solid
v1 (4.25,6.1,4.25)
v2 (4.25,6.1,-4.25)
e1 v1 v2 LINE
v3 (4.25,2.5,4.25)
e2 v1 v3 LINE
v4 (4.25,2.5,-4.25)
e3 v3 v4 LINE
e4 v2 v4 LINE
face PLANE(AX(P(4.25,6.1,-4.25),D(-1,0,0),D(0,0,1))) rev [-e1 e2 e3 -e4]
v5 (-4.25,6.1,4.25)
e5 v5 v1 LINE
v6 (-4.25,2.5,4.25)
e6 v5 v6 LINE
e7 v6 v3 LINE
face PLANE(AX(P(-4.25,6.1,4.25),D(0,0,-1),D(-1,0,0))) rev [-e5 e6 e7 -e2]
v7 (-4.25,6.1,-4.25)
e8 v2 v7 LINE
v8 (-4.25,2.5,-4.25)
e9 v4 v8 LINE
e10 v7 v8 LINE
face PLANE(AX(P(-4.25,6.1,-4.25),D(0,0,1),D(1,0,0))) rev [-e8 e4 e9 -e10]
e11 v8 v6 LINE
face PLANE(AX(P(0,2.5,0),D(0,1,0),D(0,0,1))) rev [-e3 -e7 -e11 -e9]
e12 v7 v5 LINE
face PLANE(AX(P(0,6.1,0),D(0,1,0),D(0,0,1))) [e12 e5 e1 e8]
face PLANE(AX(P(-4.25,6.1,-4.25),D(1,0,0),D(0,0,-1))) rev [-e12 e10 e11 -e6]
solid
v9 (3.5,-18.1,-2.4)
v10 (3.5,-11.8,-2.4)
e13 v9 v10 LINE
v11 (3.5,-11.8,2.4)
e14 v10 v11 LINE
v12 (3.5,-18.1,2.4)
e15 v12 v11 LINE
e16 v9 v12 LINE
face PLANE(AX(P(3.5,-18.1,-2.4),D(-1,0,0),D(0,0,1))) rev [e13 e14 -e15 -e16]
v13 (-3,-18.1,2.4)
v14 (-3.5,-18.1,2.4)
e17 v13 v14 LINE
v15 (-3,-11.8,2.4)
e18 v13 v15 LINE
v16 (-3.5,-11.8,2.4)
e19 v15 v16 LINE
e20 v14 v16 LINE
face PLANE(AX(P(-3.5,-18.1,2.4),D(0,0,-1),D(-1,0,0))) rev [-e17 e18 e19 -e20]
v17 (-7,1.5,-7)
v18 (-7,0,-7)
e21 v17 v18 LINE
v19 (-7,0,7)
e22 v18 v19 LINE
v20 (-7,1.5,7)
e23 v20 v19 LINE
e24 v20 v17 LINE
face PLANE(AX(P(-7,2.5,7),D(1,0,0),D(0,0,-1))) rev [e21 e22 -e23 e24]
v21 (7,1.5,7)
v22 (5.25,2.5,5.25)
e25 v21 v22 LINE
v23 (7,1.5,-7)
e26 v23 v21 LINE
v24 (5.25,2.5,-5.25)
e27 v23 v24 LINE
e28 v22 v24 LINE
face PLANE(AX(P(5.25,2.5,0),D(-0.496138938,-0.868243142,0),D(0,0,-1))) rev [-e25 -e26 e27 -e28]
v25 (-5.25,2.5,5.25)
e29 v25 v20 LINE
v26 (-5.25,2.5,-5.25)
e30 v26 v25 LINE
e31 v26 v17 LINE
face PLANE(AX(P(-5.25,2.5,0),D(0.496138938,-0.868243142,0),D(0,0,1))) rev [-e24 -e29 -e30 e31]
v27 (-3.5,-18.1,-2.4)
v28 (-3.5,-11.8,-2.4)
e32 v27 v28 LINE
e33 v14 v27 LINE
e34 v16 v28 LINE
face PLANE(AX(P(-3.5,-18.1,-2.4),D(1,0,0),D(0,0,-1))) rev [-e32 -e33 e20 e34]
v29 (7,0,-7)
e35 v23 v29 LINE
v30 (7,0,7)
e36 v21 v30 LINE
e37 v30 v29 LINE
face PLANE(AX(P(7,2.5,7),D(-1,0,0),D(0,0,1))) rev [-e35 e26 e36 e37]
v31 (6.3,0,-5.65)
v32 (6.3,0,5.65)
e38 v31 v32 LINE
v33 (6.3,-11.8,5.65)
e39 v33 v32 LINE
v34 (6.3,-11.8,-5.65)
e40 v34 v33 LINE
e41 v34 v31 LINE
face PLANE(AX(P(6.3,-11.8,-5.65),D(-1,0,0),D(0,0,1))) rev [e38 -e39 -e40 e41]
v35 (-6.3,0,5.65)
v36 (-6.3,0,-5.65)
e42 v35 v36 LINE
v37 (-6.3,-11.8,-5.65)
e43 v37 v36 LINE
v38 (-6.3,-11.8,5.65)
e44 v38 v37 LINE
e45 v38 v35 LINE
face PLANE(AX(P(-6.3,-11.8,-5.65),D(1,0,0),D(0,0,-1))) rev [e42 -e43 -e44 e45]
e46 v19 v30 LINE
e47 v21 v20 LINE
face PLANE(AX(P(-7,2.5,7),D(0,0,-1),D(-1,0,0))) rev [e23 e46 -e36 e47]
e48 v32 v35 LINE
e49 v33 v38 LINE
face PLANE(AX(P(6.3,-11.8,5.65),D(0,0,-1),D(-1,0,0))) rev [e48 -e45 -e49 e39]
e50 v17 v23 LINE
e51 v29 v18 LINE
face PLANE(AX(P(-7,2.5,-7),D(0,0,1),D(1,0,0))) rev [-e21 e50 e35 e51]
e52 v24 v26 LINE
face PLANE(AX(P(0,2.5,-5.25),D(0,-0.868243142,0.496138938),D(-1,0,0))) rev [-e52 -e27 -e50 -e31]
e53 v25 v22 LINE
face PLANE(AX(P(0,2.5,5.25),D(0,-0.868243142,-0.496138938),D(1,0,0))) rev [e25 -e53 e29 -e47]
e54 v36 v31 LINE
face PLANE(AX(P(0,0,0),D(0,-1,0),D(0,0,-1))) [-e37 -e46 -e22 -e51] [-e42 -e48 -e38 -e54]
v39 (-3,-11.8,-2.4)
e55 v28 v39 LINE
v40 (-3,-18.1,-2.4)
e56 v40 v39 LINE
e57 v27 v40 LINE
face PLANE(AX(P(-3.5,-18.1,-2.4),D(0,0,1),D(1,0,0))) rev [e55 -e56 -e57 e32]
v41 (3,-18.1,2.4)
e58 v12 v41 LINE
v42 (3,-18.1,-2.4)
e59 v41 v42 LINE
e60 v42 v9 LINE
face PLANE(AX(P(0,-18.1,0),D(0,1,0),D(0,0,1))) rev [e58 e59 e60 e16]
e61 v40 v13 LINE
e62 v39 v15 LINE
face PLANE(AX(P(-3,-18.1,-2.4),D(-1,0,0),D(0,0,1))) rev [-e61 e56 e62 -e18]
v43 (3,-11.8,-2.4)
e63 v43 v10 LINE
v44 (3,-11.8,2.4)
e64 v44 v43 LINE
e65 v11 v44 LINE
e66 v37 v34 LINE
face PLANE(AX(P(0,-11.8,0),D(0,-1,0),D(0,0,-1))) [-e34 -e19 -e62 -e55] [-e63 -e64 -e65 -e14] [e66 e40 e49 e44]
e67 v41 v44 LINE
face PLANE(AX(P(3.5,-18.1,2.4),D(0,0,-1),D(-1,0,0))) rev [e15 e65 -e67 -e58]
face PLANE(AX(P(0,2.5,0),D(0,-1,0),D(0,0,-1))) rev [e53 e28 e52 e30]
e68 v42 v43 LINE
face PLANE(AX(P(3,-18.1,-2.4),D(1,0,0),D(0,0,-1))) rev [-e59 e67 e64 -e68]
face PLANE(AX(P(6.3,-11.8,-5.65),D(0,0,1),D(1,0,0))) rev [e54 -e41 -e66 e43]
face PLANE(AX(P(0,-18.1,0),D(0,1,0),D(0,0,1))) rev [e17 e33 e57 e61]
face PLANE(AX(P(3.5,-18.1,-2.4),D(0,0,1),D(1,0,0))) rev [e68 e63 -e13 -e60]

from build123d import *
from OCP.BRepFilletAPI import BRepFilletAPI_MakeChamfer

# Parameters (mm, degrees)
BEZEL_DRAWING_W     = 14
BEZEL_DRAWING_H     = 14
BEZEL_DEPTH         = 2.5
CHAMFER1_SIZE       = 1
CHAMFER1_SIZE2      = 1.75
SKETCH2_W           = 8.5
SKETCH2_H           = 8.5
BOSS_EXTRUDE2_DEPTH = 3.6
SKETCH3_W           = 12.6
SKETCH3_H           = 11.3
BOSS_EXTRUDE3_DEPTH = 11.8
SKETCH4_W           = 0.5
SKETCH4_H           = 4.8
BOSS_EXTRUDE4_DEPTH = 6.3


with BuildPart() as part:
    # Bezel drawing → Bezel (new body)
    with BuildSketch(Plane(origin=(0, 0, 0), x_dir=(1, 0, 0), z_dir=(0, 1, 0))):
        Rectangle(BEZEL_DRAWING_W, BEZEL_DRAWING_H)
    extrude(amount=BEZEL_DEPTH)

    # Chamfer1: one chamfer whose edges measure the first distance from different faces: ONE call of the kernel's chamfer builder (chamfer() names one face for all edges)
    chamfer1_edges_1 = [part.edges().sort_by_distance(p)[0] for p in [
        (-7, 2.5, 0),
    ]]
    chamfer1_side_1 = [part.faces().sort_by_distance(p)[0] for p in [
        (-7, 1.25, 0),
    ]]
    chamfer1_edges_2 = [part.edges().sort_by_distance(p)[0] for p in [
        (0, 2.5, 7),
    ]]
    chamfer1_side_2 = [part.faces().sort_by_distance(p)[0] for p in [
        (0, 1.25, 7),
    ]]
    chamfer1_edges_3 = [part.edges().sort_by_distance(p)[0] for p in [
        (7, 2.5, 0),
    ]]
    chamfer1_side_3 = [part.faces().sort_by_distance(p)[0] for p in [
        (7, 1.25, 0),
    ]]
    chamfer1_edges_4 = [part.edges().sort_by_distance(p)[0] for p in [
        (0, 2.5, -7),
    ]]
    chamfer1_side_4 = [part.faces().sort_by_distance(p)[0] for p in [
        (0, 1.25, -7),
    ]]
    chamfer1 = BRepFilletAPI_MakeChamfer(part.part.solid().wrapped)
    for e in chamfer1_edges_1:
        chamfer1.Add(CHAMFER1_SIZE, CHAMFER1_SIZE2, e.wrapped, chamfer1_side_1[0].wrapped)  # the first distance lies on this face
    for e in chamfer1_edges_2:
        chamfer1.Add(CHAMFER1_SIZE, CHAMFER1_SIZE2, e.wrapped, chamfer1_side_2[0].wrapped)  # the first distance lies on this face
    for e in chamfer1_edges_3:
        chamfer1.Add(CHAMFER1_SIZE, CHAMFER1_SIZE2, e.wrapped, chamfer1_side_3[0].wrapped)  # the first distance lies on this face
    for e in chamfer1_edges_4:
        chamfer1.Add(CHAMFER1_SIZE, CHAMFER1_SIZE2, e.wrapped, chamfer1_side_4[0].wrapped)  # the first distance lies on this face
    add(Compound.cast(chamfer1.Shape()), mode=Mode.REPLACE)

    # Sketch3 → Boss-Extrude3 (add)
    with BuildSketch(Plane.XZ):
        Rectangle(SKETCH3_W, SKETCH3_H)
    extrude(amount=BOSS_EXTRUDE3_DEPTH)

    # Sketch4 → Boss-Extrude4 (add)
    with BuildSketch(Plane.XZ.offset(11.8)):
        with Locations((-3.25, 0)):
            Rectangle(SKETCH4_W, SKETCH4_H)
        with Locations((3.25, 0)):
            Rectangle(SKETCH4_W, SKETCH4_H)
    extrude(amount=BOSS_EXTRUDE4_DEPTH)


with BuildPart() as body_2:
    # Sketch2 → Boss-Extrude2 (new body)
    with BuildSketch(Plane(origin=(0, 2.5, 0), x_dir=(1, 0, 0), z_dir=(0, 1, 0))):
        Rectangle(SKETCH2_W, SKETCH2_H)
    extrude(amount=BOSS_EXTRUDE2_DEPTH)


solid = Compound([part.part, body_2.part])
